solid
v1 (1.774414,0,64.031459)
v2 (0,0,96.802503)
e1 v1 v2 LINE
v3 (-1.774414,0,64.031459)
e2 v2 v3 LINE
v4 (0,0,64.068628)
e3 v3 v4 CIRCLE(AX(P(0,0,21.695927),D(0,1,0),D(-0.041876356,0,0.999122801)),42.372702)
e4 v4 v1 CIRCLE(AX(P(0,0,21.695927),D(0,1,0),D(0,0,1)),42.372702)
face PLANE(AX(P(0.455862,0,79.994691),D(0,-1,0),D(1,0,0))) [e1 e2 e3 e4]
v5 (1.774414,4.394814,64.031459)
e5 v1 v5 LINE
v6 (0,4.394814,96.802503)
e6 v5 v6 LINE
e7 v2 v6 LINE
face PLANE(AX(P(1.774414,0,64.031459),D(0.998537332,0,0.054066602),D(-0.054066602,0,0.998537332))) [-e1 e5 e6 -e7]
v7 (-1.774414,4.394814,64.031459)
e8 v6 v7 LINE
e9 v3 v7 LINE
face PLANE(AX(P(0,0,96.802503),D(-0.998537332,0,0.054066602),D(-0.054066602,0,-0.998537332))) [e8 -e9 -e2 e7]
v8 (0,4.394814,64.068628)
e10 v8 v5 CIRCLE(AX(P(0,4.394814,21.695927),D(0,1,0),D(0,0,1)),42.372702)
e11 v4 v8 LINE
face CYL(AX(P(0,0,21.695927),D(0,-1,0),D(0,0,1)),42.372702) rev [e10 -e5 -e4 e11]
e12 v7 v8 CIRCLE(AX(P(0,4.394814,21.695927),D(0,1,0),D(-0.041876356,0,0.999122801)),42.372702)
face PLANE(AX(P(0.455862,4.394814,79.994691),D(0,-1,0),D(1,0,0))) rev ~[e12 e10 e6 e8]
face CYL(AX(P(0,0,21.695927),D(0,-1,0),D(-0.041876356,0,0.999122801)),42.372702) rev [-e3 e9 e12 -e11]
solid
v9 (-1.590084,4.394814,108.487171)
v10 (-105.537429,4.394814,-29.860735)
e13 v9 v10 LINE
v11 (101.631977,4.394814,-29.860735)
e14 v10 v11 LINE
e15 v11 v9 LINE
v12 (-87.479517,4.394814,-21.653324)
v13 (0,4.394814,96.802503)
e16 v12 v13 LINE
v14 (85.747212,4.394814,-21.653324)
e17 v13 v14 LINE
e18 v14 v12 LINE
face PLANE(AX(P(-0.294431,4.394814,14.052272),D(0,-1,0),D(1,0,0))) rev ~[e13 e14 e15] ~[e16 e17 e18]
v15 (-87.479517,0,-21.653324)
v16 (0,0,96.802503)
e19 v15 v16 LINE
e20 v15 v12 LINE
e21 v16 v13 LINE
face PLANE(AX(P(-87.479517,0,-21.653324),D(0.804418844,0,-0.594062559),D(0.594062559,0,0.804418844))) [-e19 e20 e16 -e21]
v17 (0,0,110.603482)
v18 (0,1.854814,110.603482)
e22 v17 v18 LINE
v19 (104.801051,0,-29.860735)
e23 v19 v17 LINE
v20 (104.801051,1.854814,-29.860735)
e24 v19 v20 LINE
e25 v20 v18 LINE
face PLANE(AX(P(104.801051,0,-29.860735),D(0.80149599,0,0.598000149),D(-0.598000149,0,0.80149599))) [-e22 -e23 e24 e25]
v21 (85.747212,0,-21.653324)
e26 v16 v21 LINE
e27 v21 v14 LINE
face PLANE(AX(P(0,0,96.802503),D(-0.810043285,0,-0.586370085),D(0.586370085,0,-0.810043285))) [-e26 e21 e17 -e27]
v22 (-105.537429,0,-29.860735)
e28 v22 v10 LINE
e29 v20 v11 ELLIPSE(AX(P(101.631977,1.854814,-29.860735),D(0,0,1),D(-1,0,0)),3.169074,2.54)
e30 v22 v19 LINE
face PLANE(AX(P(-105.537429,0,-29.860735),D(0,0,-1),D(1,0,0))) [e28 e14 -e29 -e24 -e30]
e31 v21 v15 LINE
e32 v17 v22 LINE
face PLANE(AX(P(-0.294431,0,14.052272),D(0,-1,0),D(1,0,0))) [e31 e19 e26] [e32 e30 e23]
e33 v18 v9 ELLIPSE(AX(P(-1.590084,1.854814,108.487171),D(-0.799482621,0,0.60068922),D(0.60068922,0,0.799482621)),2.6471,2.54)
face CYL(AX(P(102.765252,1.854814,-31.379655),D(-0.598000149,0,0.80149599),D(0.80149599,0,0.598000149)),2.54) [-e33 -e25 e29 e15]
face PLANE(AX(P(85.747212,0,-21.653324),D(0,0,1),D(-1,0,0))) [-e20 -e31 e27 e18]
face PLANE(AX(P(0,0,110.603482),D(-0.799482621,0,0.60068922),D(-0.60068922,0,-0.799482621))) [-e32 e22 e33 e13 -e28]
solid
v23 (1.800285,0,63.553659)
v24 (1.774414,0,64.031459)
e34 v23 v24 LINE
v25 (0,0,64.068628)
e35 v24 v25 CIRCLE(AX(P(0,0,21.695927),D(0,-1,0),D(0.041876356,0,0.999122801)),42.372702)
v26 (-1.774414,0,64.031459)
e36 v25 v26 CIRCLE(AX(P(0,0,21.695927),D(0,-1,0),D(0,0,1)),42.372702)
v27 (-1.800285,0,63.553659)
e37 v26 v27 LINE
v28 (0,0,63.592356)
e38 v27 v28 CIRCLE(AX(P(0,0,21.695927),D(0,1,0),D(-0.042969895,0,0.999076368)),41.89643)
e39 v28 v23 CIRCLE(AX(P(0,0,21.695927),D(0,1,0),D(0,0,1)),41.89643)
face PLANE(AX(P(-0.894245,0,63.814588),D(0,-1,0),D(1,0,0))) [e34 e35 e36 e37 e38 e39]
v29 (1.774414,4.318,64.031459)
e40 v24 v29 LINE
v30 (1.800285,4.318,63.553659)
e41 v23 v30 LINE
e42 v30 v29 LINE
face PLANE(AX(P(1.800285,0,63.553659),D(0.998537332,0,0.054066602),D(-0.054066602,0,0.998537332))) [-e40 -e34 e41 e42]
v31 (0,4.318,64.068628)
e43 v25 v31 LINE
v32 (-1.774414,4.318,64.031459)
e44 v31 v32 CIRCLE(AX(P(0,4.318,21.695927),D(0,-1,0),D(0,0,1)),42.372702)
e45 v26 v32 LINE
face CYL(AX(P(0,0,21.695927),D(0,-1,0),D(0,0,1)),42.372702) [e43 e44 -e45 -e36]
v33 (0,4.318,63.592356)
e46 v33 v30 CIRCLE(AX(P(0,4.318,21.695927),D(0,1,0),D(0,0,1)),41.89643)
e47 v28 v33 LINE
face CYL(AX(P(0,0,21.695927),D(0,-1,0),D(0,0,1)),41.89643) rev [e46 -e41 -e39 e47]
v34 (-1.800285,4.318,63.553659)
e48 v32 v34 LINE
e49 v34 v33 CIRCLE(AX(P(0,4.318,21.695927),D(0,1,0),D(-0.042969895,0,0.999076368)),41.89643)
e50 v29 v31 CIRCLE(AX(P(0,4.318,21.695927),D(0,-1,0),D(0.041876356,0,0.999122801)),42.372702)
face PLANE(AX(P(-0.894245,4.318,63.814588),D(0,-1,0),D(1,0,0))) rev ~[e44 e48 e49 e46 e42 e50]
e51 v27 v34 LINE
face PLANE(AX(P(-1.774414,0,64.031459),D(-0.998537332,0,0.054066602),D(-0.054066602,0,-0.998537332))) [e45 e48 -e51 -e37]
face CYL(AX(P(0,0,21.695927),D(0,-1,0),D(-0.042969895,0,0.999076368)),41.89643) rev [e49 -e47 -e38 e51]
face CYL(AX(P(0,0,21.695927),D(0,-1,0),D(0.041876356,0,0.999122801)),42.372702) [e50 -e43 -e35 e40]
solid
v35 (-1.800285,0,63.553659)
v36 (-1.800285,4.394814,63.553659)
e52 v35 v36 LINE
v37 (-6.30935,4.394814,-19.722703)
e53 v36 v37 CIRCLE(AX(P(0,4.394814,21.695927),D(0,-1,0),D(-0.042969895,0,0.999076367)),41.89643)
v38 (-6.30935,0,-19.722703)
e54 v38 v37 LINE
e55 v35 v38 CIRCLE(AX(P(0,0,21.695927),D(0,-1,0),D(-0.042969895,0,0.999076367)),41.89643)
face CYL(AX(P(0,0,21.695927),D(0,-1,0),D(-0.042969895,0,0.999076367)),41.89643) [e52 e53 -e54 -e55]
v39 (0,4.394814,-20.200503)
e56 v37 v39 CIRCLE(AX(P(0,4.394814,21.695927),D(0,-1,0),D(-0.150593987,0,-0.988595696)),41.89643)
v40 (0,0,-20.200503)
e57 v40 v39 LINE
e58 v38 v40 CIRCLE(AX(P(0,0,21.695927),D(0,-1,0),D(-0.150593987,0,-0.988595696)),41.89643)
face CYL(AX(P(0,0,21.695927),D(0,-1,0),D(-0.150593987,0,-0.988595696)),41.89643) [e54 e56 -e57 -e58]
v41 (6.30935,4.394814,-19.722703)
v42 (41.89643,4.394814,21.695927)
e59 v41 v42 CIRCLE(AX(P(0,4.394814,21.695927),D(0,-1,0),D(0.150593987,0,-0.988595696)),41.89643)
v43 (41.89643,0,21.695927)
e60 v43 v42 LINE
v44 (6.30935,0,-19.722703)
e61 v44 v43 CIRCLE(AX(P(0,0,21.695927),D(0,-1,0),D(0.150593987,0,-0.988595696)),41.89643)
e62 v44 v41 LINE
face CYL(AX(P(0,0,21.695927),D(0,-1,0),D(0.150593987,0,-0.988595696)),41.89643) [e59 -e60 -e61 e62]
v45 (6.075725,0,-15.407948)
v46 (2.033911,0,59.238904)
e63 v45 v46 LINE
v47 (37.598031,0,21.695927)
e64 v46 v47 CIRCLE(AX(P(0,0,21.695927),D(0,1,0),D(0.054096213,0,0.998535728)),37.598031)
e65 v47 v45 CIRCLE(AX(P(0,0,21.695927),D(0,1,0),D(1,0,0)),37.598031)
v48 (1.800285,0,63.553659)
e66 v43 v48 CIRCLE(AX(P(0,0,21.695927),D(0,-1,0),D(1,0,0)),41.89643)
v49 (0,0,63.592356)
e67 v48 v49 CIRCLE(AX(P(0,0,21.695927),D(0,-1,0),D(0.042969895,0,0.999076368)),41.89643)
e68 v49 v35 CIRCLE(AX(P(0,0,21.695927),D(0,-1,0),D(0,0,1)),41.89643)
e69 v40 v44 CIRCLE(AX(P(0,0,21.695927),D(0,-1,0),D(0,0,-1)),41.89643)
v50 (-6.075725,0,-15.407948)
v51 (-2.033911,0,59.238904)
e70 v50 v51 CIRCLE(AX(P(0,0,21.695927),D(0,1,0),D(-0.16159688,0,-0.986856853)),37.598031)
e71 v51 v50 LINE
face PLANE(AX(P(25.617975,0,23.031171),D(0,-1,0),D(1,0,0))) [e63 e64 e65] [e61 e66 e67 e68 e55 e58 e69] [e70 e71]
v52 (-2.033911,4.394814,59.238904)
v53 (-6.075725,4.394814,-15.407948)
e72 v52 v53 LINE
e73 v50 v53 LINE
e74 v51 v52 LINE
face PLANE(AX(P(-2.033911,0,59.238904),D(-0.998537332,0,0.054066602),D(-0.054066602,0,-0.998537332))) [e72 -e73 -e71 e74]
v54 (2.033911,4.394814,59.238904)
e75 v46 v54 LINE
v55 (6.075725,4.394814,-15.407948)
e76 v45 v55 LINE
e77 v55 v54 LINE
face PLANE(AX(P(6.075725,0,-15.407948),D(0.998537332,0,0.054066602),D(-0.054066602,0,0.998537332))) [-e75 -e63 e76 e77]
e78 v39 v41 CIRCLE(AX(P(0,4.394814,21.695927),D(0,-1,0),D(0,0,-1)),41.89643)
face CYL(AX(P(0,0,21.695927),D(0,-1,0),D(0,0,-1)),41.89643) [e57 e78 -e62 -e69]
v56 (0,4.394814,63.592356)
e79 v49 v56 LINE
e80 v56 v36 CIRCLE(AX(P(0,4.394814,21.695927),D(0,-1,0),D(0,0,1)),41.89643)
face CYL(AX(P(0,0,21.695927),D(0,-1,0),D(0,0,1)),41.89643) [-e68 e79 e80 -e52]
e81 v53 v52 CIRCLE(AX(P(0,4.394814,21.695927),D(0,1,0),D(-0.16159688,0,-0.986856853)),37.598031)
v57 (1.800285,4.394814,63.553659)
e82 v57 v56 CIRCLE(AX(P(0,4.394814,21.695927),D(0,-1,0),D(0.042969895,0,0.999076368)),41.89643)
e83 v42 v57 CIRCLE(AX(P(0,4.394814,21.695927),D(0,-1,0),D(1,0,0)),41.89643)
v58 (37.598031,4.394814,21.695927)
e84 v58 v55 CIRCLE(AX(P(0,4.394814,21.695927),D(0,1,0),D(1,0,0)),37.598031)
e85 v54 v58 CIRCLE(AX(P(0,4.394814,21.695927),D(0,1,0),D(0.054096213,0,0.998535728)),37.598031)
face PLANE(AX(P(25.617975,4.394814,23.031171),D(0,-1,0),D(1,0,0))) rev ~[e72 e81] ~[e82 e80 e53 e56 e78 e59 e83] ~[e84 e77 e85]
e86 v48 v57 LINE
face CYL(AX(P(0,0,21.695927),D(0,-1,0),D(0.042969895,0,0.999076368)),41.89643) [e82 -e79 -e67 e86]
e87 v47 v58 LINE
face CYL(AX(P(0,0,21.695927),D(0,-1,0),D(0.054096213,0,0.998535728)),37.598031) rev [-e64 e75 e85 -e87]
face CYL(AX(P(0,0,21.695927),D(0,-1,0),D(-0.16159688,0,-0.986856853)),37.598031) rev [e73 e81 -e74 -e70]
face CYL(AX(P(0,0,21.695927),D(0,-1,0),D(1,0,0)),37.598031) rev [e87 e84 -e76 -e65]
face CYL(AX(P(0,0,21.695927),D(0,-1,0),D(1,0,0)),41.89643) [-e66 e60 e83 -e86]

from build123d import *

# Parameters (mm, degrees)
F1_DEPTH = 4.3948143721
F2_R     = 2.54
F3_DEPTH = 4.318


with BuildPart() as f1:
    # F0 (on Front) → F1 (new body)
    with BuildSketch(Plane.XZ):
        with BuildLine():
            ThreePointArc((41.8964295767, 21.6959267855), (30.2550519176, 50.6776907887), (1.8002851927, 63.5536594582))
            Line((1.8002851927, 63.5536594582), (2.033911075, 59.2389039918))
            ThreePointArc((2.033911075, 59.2389039918), (27.2954481859, 47.5526558924), (37.5980309561, 21.6959267855))
            ThreePointArc((37.5980309561, 21.6959267855), (28.653509469, -2.6472103765), (6.0757245047, -15.4079477227))
            Line((6.0757245047, -15.4079477227), (6.3093503869, -19.7227031891))
            ThreePointArc((6.3093503869, -19.7227031891), (31.7777442988, -5.607658667), (41.8964295767, 21.6959267855))
        make_face()
        with BuildLine():
            Line((-2.033911075, 59.2389039918), (-1.8002851927, 63.5536594582))
            ThreePointArc((-1.8002851927, 63.5536594582), (-41.8351489928, 23.9611243544), (-6.3093503869, -19.7227031891))
            Line((-6.3093503869, -19.7227031891), (-6.0757245047, -15.4079477227))
            ThreePointArc((-6.0757245047, -15.4079477227), (-37.5430375041, 23.7287245484), (-2.033911075, 59.2389039918))
        make_face()
        with BuildLine():
            Line((0, -15.9021041707), (0, -20.2005027912))
            ThreePointArc((0, -20.2005027912), (3.1637080604, -20.0808821231), (6.3093503869, -19.7227031891))
            Line((6.3093503869, -19.7227031891), (6.0757245047, -15.4079477227))
            ThreePointArc((6.0757245047, -15.4079477227), (3.0478934878, -15.7783614275), (0, -15.9021041707))
        make_face()
        with BuildLine():
            Line((-6.0757245047, -15.4079477227), (-6.3093503869, -19.7227031891))
            ThreePointArc((-6.3093503869, -19.7227031891), (-3.1637080604, -20.0808821231), (0, -20.2005027912))
            Line((0, -20.2005027912), (0, -15.9021041707))
            ThreePointArc((0, -15.9021041707), (-3.0478934878, -15.7783614275), (-6.0757245047, -15.4079477227))
        make_face()
        with BuildLine():
            ThreePointArc((2.033911075, 59.2389039918), (1.017328017, 59.2801917841), (0, 59.2939577416))
            Line((0, 59.2939577416), (0, -15.9021041707))
            ThreePointArc((0, -15.9021041707), (3.0478934878, -15.7783614275), (6.0757245047, -15.4079477227))
            Line((6.0757245047, -15.4079477227), (2.033911075, 59.2389039918))
        make_face()
        with BuildLine():
            Line((0, -15.9021041707), (0, 59.2939577416))
            ThreePointArc((0, 59.2939577416), (-1.017328017, 59.2801917841), (-2.033911075, 59.2389039918))
            Line((-2.033911075, 59.2389039918), (-6.0757245047, -15.4079477227))
            ThreePointArc((-6.0757245047, -15.4079477227), (-3.0478934878, -15.7783614275), (0, -15.9021041707))
        make_face()
        with BuildLine():
            ThreePointArc((1.8002851927, 63.5536594582), (0.9003505186, 63.582681019), (0, 63.5923563622))
            Line((0, 63.5923563622), (0, 59.2939577416))
            ThreePointArc((0, 59.2939577416), (1.017328017, 59.2801917841), (2.033911075, 59.2389039918))
            Line((2.033911075, 59.2389039918), (1.8002851927, 63.5536594582))
        make_face()
        with BuildLine():
            Line((0, 59.2939577416), (0, 63.5923563622))
            ThreePointArc((0, 63.5923563622), (-0.9003505186, 63.582681019), (-1.8002851927, 63.5536594582))
            Line((-1.8002851927, 63.5536594582), (-2.033911075, 59.2389039918))
            ThreePointArc((-2.033911075, 59.2389039918), (-1.017328017, 59.2801917841), (0, 59.2939577416))
        make_face()
    extrude(amount=-F1_DEPTH)


with BuildPart() as f1b:
    # F0 (on Front) → F1, piece 2 (new body)
    with BuildSketch(Plane.XZ):
        Polygon((104.8010513186, -29.8607349396), (0, 110.6034815311), (-105.5374293366, -29.8607349396), align=None)
        Polygon((-87.4795168638, -21.6533243656), (0, 96.8025028706), (85.7472121716, -21.6533243656), align=None, mode=Mode.SUBTRACT)
    extrude(amount=-F1_DEPTH)

    # F2
    f2_edges = [f1b.edges().sort_by_distance(p)[0] for p in [
        (52.400526, 4.394814, 40.371373),
    ]]
    fillet(f2_edges, radius=F2_R)


with BuildPart() as f1c:
    # F0 (on Front) → F1, piece 3 (new body)
    with BuildSketch(Plane.XZ):
        with BuildLine():
            Line((1.7744143515, 64.0314590603), (0, 96.8025028706))
            Line((0, 96.8025028706), (0, 64.0686283666))
            ThreePointArc((0, 64.0686283666), (0.8874018042, 64.0593350209), (1.7744143515, 64.0314590603))
        make_face()
        with BuildLine():
            Line((0, 64.0686283666), (0, 96.8025028706))
            Line((0, 96.8025028706), (-1.7744143515, 64.0314590603))
            ThreePointArc((-1.7744143515, 64.0314590603), (-0.8874018042, 64.0593350209), (0, 64.0686283666))
        make_face()
    extrude(amount=-F1_DEPTH)


with BuildPart() as f3:
    # F0 (on Front) → F3 (new body)
    with BuildSketch(Plane.XZ):
        with BuildLine():
            Line((0, 63.5923563622), (0, 64.0686283666))
            ThreePointArc((0, 64.0686283666), (-0.8874018042, 64.0593350209), (-1.7744143515, 64.0314590603))
            Line((-1.7744143515, 64.0314590603), (-1.8002851927, 63.5536594582))
            ThreePointArc((-1.8002851927, 63.5536594582), (-0.9003505186, 63.582681019), (0, 63.5923563622))
        make_face()
        with BuildLine():
            ThreePointArc((1.7744143515, 64.0314590603), (0.8874018042, 64.0593350209), (0, 64.0686283666))
            Line((0, 64.0686283666), (0, 63.5923563622))
            ThreePointArc((0, 63.5923563622), (0.9003505186, 63.582681019), (1.8002851927, 63.5536594582))
            Line((1.8002851927, 63.5536594582), (1.7744143515, 64.0314590603))
        make_face()
    extrude(amount=-F3_DEPTH)


solid = Compound([f1.part, f1b.part, f1c.part, f3.part])
